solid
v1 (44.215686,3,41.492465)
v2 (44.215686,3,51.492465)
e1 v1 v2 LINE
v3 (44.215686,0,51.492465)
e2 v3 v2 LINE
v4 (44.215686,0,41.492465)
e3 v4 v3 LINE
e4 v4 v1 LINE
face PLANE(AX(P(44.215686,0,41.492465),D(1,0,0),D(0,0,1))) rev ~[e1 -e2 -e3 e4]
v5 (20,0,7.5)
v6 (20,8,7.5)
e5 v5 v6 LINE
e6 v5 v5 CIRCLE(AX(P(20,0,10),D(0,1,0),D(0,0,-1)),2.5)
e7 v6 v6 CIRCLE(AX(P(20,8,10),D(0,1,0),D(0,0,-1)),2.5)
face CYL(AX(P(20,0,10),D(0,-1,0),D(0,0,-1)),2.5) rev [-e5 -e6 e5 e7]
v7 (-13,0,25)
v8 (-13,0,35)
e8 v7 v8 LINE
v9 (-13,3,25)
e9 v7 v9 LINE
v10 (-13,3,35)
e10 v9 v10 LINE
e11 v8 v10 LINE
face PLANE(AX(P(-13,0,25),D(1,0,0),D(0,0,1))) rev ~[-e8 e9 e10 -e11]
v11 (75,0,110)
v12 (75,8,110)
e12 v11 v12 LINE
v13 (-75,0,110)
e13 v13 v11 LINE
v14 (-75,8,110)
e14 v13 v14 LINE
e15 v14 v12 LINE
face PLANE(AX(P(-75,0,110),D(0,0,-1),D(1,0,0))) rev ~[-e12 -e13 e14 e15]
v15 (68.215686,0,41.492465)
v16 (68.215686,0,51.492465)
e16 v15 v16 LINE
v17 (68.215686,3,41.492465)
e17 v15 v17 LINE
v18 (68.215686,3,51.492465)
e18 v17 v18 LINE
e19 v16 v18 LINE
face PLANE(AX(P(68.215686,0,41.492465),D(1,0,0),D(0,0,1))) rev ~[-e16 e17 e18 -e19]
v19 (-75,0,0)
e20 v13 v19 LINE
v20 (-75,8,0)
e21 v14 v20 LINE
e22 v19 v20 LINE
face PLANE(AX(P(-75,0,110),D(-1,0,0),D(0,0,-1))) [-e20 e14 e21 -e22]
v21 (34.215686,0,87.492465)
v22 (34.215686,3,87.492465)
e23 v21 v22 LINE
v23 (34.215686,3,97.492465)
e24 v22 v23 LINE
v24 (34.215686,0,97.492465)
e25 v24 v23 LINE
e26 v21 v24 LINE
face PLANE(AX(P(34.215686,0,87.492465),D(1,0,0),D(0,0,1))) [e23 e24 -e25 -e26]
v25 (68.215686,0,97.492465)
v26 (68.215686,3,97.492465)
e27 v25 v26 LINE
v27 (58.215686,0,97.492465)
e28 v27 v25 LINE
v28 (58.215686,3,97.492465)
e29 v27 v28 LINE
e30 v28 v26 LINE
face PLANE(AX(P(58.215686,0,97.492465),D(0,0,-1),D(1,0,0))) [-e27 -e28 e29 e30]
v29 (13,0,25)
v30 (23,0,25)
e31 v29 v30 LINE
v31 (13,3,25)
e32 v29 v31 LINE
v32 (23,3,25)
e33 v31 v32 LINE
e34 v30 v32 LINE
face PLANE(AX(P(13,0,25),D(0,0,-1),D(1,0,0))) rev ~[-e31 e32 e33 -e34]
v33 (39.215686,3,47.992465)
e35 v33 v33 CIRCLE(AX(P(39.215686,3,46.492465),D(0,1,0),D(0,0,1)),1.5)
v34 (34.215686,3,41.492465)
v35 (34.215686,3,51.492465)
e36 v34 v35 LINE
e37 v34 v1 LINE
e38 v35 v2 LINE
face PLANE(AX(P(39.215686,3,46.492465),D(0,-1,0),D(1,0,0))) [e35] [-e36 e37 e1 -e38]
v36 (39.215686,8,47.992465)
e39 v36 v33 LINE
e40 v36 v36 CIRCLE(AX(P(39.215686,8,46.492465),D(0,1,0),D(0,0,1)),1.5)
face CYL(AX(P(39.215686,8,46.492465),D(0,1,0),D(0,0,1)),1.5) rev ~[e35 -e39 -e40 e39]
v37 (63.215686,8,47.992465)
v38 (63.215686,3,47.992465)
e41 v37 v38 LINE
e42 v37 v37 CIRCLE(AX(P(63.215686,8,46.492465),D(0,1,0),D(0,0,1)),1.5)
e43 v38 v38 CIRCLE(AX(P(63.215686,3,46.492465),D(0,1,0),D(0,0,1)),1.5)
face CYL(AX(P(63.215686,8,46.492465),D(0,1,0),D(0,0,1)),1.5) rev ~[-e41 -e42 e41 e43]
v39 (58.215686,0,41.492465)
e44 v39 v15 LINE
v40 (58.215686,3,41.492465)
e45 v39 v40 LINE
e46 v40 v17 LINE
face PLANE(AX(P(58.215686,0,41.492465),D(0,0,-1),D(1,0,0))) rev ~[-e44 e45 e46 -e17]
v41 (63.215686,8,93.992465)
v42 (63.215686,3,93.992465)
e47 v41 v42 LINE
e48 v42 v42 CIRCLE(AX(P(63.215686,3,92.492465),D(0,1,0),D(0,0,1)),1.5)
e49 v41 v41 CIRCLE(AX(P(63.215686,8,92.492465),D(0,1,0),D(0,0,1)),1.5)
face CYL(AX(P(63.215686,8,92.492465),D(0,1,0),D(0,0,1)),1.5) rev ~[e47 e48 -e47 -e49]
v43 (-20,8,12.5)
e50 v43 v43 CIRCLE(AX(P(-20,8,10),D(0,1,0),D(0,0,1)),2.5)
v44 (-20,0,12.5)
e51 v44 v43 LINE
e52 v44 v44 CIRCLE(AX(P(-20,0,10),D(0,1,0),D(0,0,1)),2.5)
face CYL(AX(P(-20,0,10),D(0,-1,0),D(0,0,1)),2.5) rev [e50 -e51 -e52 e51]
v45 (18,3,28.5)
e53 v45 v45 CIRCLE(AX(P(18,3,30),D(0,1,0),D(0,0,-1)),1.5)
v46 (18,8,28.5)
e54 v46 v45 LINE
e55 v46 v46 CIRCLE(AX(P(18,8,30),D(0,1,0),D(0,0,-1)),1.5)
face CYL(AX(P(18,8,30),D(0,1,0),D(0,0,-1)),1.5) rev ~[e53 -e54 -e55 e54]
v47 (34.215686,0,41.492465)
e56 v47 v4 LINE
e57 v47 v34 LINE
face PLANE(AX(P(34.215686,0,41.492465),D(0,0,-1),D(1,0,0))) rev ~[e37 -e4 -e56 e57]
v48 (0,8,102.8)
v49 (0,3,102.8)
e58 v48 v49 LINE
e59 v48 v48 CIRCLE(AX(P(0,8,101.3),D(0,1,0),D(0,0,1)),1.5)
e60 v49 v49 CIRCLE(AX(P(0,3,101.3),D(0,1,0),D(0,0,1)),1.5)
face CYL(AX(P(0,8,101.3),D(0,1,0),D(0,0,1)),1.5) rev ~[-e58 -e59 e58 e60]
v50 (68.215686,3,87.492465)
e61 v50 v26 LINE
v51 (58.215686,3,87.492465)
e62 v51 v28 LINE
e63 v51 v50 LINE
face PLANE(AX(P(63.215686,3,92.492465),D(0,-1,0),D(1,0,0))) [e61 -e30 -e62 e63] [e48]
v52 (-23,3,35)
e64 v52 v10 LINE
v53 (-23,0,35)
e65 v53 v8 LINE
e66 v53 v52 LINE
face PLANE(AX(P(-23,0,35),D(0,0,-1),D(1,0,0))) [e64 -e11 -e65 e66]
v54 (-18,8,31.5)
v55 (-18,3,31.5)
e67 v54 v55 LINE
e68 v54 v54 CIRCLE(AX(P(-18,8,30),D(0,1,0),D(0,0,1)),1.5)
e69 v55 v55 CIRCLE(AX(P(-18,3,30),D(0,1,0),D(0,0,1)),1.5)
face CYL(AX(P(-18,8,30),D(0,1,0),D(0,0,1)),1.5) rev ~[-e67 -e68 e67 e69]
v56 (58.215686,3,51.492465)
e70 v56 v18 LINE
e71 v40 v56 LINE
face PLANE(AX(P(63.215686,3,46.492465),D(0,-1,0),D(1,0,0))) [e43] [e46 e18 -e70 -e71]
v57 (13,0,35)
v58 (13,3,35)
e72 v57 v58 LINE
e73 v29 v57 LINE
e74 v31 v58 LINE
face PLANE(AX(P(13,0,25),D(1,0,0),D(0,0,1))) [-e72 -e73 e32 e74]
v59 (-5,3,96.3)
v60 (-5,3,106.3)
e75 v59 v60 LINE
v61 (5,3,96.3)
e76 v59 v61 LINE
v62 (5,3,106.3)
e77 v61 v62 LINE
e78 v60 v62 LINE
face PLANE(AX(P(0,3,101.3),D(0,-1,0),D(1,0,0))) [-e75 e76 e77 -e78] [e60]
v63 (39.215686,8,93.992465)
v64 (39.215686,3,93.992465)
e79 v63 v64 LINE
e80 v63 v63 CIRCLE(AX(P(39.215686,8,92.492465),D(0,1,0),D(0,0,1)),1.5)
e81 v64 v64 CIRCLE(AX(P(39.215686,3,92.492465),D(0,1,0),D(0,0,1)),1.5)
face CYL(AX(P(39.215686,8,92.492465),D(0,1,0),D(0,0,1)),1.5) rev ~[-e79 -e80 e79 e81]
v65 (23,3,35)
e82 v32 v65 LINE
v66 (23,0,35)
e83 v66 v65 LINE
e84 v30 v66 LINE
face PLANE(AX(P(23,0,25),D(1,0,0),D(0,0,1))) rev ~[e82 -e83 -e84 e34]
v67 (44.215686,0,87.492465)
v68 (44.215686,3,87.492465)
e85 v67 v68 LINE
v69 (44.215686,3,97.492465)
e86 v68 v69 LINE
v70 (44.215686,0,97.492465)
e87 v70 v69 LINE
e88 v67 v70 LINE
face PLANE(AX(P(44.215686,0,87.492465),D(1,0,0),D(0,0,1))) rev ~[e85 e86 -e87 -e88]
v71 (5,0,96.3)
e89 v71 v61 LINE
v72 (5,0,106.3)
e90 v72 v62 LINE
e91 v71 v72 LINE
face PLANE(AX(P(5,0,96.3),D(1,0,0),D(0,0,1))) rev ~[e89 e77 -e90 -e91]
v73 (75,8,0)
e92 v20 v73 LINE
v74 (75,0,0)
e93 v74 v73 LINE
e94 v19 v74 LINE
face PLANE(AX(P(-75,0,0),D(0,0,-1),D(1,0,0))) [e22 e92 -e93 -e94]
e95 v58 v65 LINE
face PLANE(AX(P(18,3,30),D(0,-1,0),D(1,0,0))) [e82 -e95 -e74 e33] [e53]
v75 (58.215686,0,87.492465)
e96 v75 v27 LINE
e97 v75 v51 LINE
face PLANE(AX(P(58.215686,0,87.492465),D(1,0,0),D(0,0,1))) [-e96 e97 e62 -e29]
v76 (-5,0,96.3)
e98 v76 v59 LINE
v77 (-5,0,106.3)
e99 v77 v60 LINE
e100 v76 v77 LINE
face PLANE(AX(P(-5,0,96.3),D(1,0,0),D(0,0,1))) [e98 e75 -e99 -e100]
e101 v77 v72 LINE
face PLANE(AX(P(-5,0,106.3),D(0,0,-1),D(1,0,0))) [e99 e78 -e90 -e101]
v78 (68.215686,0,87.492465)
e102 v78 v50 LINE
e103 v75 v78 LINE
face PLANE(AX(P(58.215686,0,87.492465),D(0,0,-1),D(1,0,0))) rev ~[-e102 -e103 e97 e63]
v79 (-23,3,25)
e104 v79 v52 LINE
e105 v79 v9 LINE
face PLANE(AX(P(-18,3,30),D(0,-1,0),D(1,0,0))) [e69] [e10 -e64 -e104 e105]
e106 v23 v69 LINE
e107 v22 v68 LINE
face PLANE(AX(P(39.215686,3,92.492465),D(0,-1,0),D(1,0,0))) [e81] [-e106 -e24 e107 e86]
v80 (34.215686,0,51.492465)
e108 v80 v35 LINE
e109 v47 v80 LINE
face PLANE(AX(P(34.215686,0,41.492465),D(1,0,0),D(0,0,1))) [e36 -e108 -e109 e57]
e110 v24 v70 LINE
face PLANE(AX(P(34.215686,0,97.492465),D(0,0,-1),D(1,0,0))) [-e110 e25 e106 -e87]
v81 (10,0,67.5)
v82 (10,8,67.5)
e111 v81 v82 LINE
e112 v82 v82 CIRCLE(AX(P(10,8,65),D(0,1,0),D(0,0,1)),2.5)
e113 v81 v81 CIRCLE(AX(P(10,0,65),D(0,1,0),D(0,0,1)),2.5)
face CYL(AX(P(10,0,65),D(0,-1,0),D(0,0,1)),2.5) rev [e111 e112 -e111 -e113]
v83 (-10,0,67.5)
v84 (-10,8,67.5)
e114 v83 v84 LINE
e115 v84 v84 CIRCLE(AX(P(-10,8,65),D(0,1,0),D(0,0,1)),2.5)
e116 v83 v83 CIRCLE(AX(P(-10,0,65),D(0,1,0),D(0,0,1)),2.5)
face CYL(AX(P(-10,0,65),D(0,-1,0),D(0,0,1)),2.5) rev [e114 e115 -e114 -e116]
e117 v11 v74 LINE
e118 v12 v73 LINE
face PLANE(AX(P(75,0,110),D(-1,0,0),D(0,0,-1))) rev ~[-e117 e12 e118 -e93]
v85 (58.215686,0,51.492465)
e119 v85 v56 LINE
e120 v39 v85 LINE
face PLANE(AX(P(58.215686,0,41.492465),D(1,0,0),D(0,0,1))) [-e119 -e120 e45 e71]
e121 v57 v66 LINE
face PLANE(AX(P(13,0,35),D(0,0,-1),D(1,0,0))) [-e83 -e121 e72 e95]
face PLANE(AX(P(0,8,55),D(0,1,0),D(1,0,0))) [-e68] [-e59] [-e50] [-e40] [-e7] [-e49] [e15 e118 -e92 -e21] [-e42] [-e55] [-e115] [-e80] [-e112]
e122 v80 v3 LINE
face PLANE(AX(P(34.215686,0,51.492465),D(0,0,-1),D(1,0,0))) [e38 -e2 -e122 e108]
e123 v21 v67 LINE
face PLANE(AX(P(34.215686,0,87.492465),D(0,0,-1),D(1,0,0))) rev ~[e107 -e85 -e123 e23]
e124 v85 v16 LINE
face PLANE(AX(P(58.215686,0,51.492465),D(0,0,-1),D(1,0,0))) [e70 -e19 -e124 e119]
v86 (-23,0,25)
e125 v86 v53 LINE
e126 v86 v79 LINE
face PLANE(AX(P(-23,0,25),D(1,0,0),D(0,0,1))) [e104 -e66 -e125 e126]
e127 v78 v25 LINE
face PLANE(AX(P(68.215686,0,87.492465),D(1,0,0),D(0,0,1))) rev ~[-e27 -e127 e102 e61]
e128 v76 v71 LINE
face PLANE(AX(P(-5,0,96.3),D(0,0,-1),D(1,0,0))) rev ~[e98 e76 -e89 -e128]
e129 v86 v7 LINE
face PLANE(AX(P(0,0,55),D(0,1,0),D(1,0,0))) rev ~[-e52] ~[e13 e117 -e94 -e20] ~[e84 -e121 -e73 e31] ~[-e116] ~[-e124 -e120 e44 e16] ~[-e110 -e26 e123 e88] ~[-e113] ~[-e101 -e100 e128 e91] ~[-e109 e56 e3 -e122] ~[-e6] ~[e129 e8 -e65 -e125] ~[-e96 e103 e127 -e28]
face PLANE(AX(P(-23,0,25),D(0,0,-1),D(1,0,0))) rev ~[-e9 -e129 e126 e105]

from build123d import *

# Parameters (mm, degrees)
SKETCH1_W           = 150
SKETCH1_H           = 110
SKETCH1_R           = 2.5
BOSS_EXTRUDE1_DEPTH = 8
SKETCH3_R           = 1.5
CUT_EXTRUDE1_DEPTH  = 8
SKETCH4_R           = 1.5
CUT_EXTRUDE2_DEPTH  = 8
SKETCH5_W           = 10
SKETCH5_H           = 10
CUT_EXTRUDE3_DEPTH  = 3


with BuildPart() as part:
    # Sketch1 → Boss-Extrude1 (new body)
    with BuildSketch(Plane(origin=(0, 0, 0), x_dir=(1, 0, 0), z_dir=(0, 1, 0))):
        with Locations((0, -55)):
            Rectangle(SKETCH1_W, SKETCH1_H)
        with Locations(Location((-10, -65, 0), (0, 0, 270))):
            Circle(SKETCH1_R, mode=Mode.SUBTRACT)
        with Locations(Location((10, -65, 0), (0, 0, 270))):
            Circle(SKETCH1_R, mode=Mode.SUBTRACT)
        with Locations(Location((-20, -10, 0), (0, 0, 270))):
            Circle(SKETCH1_R, mode=Mode.SUBTRACT)
        with Locations(Location((20, -10, 0), (0, 0, 90))):
            Circle(SKETCH1_R, mode=Mode.SUBTRACT)
    extrude(amount=BOSS_EXTRUDE1_DEPTH)

    # Sketch3 → Cut-Extrude1 (cut)
    with BuildSketch(Plane(origin=(0, 8, 0), x_dir=(1, 0, 0), z_dir=(0, 1, 0))):
        with Locations(Location((-18, -30, 0), (0, 0, 270))):
            Circle(SKETCH3_R)
        with Locations(Location((18, -30, 0), (0, 0, 90))):
            Circle(SKETCH3_R)
        with Locations(Location((0, -101.3, 0), (0, 0, 270))):
            Circle(SKETCH3_R)
    extrude(amount=-CUT_EXTRUDE1_DEPTH, mode=Mode.SUBTRACT)

    # Sketch4 → Cut-Extrude2 (cut)
    with BuildSketch(Plane(origin=(0, 8, 0), x_dir=(1, 0, 0), z_dir=(0, 1, 0))):
        with Locations(Location((39.215686275, -46.492464754, 0), (0, 0, 270))):
            Circle(SKETCH4_R)
        with Locations(Location((63.215686275, -46.492464754, 0), (0, 0, 270))):
            Circle(SKETCH4_R)
        with Locations(Location((39.215686275, -92.492464754, 0), (0, 0, 270))):
            Circle(SKETCH4_R)
        with Locations(Location((63.215686275, -92.492464754, 0), (0, 0, 270))):
            Circle(SKETCH4_R)
    extrude(amount=-CUT_EXTRUDE2_DEPTH, mode=Mode.SUBTRACT)

    # Sketch5 → Cut-Extrude3 (cut)
    with BuildSketch(Plane.XZ):
        with Locations((0, 101.3)):
            Rectangle(SKETCH5_W, SKETCH5_H)
        with Locations((39.215686275, 92.492464754)):
            Rectangle(SKETCH5_W, SKETCH5_H)
        with Locations((63.215686275, 92.492464754)):
            Rectangle(SKETCH5_W, SKETCH5_H)
        with Locations((63.215686275, 46.492464754)):
            Rectangle(SKETCH5_W, SKETCH5_H)
        with Locations((39.215686275, 46.492464754)):
            Rectangle(SKETCH5_W, SKETCH5_H)
        with Locations((-18, 30)):
            Rectangle(SKETCH5_W, SKETCH5_H)
        with Locations((18, 30)):
            Rectangle(SKETCH5_W, SKETCH5_H)
    extrude(amount=-CUT_EXTRUDE3_DEPTH, mode=Mode.SUBTRACT)


solid = part.part
